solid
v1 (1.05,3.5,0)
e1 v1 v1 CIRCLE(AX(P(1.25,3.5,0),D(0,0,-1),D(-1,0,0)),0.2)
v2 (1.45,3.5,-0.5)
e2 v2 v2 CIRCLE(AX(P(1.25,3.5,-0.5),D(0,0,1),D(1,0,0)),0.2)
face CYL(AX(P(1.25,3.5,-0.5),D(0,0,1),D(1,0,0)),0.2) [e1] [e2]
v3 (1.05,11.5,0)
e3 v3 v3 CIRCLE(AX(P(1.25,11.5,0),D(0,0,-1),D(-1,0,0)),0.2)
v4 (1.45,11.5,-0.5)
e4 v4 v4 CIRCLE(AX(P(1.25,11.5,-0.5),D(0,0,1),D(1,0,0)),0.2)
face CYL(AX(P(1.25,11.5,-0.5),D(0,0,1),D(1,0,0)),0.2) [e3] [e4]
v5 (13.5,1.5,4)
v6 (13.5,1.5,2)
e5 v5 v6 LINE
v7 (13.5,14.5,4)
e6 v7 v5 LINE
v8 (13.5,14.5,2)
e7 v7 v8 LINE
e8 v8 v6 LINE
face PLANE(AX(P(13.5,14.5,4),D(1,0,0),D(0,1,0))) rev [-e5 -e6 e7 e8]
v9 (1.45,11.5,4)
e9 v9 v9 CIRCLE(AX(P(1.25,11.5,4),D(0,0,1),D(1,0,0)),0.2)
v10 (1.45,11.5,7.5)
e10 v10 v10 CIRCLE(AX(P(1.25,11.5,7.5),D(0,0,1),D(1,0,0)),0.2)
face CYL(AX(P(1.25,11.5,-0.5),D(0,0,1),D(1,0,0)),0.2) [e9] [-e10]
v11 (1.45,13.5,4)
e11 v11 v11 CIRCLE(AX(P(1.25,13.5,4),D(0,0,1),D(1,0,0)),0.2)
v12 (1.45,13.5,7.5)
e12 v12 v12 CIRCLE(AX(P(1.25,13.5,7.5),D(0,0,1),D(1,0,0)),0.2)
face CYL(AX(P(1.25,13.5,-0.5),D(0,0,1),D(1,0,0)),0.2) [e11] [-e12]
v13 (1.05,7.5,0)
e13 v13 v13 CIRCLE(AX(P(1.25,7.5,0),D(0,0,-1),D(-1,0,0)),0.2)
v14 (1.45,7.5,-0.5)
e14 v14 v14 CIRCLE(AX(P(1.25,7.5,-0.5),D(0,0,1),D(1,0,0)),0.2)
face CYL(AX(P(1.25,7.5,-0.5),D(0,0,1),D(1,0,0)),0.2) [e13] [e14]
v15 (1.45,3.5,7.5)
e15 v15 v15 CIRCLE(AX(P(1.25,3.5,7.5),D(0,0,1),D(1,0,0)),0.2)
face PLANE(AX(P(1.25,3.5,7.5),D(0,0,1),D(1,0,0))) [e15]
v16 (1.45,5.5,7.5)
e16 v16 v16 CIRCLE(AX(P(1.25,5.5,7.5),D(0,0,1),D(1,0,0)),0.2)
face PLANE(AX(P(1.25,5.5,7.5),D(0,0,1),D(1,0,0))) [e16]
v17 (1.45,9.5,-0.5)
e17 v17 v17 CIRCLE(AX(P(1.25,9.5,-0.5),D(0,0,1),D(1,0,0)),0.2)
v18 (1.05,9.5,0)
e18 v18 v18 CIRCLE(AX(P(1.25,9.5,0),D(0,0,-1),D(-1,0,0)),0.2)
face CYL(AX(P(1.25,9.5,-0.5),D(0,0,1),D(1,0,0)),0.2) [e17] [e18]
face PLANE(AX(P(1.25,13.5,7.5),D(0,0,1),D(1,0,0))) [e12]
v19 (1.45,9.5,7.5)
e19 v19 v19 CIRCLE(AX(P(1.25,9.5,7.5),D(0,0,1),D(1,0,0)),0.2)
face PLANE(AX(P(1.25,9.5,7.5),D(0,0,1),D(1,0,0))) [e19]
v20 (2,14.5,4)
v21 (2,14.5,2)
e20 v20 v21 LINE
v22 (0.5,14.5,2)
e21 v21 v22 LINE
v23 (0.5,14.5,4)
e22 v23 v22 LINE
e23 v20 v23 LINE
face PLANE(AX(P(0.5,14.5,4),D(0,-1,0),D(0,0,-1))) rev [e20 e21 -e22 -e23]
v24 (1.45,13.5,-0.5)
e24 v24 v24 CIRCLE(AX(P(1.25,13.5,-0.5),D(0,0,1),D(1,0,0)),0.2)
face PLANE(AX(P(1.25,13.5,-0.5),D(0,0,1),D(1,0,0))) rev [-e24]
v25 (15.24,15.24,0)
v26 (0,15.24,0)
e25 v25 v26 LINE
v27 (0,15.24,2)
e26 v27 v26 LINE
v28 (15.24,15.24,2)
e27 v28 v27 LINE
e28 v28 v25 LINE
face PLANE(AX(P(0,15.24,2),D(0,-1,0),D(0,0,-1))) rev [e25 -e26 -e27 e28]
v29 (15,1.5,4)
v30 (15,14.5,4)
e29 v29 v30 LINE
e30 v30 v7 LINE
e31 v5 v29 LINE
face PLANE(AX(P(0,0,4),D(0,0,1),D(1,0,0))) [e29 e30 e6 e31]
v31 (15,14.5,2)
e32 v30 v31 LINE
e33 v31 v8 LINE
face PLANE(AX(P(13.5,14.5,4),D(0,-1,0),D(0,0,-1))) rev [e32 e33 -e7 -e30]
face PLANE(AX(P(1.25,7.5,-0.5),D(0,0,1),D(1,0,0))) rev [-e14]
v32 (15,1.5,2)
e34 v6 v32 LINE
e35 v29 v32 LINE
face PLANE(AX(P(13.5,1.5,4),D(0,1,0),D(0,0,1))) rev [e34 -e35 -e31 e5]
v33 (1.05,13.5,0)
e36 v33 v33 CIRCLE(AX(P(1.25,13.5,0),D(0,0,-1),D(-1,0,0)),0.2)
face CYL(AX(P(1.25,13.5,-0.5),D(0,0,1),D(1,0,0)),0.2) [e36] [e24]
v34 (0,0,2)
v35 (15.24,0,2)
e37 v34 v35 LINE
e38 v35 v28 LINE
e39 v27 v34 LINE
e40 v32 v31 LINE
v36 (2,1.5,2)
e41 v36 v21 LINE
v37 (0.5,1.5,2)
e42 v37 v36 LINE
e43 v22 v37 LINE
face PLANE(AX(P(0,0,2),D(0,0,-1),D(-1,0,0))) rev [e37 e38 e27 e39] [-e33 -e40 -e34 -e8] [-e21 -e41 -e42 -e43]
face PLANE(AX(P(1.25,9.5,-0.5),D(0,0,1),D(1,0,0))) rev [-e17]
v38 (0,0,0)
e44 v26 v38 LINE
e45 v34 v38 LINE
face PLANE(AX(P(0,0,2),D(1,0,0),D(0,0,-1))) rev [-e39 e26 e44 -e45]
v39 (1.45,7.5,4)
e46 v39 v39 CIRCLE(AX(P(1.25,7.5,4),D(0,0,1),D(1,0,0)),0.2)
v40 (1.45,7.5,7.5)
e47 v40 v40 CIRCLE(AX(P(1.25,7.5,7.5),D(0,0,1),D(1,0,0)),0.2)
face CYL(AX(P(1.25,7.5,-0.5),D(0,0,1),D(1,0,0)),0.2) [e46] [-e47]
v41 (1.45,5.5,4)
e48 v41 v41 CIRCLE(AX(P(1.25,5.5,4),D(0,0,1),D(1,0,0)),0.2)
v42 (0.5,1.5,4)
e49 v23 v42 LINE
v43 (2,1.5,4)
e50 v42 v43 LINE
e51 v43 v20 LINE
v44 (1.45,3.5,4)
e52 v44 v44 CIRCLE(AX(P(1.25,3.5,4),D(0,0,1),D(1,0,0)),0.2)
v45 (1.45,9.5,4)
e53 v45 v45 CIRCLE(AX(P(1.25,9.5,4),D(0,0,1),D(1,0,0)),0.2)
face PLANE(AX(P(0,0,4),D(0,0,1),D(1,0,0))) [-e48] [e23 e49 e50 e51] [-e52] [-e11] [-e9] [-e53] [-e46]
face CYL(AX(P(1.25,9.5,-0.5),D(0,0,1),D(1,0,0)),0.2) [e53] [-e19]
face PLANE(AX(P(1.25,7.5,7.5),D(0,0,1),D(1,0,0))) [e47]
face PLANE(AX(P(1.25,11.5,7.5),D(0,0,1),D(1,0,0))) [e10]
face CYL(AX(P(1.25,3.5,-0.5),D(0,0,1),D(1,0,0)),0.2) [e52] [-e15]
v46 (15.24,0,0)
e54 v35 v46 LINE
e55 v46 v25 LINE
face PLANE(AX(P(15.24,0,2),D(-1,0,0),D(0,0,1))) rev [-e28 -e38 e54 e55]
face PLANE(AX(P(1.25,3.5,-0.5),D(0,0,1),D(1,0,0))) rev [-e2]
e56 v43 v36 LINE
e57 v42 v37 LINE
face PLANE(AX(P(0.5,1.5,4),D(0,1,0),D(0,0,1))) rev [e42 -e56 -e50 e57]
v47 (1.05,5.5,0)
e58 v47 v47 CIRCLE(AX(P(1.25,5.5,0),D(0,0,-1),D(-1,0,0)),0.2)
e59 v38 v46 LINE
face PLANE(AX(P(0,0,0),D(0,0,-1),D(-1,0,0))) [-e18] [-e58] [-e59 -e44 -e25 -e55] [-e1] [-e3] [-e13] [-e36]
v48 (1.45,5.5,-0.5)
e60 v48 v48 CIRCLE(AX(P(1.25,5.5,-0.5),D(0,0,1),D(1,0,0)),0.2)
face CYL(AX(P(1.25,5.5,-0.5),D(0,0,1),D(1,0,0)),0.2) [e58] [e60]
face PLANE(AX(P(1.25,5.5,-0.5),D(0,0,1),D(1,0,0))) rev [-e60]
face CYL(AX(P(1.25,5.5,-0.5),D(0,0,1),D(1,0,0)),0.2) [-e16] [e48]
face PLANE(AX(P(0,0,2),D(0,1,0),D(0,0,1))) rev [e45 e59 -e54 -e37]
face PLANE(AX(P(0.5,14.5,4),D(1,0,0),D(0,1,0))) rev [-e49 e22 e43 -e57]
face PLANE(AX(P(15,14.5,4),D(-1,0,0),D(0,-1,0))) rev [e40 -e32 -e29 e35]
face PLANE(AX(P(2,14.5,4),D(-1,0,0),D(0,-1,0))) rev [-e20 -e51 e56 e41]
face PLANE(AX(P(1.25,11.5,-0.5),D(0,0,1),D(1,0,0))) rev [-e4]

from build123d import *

# Parameters (mm, degrees)
SKETCH_1_W           = 15.24
SKETCH_1_H           = 15.24
EXTRUDE_1_DEPTH      = 2
SKETCH_2_W           = 1.5
SKETCH_2_H           = 13
EXTRUDE_2_DEPTH      = 2
EXTRUDE_3_DEPTH      = 3.5
EXTRUDE_3_DEPTH_BACK = 4.5
SKETCH_3_R           = 0.2


with BuildPart() as part:
    # 草图1 → 凸台-拉伸1 (new body)
    with BuildSketch(Plane.XY):
        with Locations((7.62, 7.62)):
            Rectangle(SKETCH_1_W, SKETCH_1_H)
    extrude(amount=EXTRUDE_1_DEPTH)

    # 草图2 → 凸台-拉伸2 (add)
    with BuildSketch(Plane.XY.offset(2)):
        with Locations((14.25, 8)):
            Rectangle(SKETCH_2_W, SKETCH_2_H)
        with Locations((1.25, 8)):
            Rectangle(SKETCH_2_W, SKETCH_2_H)
    extrude(amount=EXTRUDE_2_DEPTH)

    # 草图3 → 凸台-拉伸3 (add, two sides: drawn at the far end of the back side and taken through both)
    with BuildSketch(Plane.XY.offset(4).offset(-EXTRUDE_3_DEPTH_BACK)):
        with Locations((1.25, 13.5)):
            Circle(SKETCH_3_R)
        with Locations((1.25, 11.5)):
            Circle(SKETCH_3_R)
        with Locations((1.25, 9.5)):
            Circle(SKETCH_3_R)
        with Locations((1.25, 7.5)):
            Circle(SKETCH_3_R)
        with Locations((1.25, 5.5)):
            Circle(SKETCH_3_R)
        with Locations((1.25, 3.5)):
            Circle(SKETCH_3_R)
    extrude(amount=EXTRUDE_3_DEPTH + EXTRUDE_3_DEPTH_BACK)


solid = part.part
